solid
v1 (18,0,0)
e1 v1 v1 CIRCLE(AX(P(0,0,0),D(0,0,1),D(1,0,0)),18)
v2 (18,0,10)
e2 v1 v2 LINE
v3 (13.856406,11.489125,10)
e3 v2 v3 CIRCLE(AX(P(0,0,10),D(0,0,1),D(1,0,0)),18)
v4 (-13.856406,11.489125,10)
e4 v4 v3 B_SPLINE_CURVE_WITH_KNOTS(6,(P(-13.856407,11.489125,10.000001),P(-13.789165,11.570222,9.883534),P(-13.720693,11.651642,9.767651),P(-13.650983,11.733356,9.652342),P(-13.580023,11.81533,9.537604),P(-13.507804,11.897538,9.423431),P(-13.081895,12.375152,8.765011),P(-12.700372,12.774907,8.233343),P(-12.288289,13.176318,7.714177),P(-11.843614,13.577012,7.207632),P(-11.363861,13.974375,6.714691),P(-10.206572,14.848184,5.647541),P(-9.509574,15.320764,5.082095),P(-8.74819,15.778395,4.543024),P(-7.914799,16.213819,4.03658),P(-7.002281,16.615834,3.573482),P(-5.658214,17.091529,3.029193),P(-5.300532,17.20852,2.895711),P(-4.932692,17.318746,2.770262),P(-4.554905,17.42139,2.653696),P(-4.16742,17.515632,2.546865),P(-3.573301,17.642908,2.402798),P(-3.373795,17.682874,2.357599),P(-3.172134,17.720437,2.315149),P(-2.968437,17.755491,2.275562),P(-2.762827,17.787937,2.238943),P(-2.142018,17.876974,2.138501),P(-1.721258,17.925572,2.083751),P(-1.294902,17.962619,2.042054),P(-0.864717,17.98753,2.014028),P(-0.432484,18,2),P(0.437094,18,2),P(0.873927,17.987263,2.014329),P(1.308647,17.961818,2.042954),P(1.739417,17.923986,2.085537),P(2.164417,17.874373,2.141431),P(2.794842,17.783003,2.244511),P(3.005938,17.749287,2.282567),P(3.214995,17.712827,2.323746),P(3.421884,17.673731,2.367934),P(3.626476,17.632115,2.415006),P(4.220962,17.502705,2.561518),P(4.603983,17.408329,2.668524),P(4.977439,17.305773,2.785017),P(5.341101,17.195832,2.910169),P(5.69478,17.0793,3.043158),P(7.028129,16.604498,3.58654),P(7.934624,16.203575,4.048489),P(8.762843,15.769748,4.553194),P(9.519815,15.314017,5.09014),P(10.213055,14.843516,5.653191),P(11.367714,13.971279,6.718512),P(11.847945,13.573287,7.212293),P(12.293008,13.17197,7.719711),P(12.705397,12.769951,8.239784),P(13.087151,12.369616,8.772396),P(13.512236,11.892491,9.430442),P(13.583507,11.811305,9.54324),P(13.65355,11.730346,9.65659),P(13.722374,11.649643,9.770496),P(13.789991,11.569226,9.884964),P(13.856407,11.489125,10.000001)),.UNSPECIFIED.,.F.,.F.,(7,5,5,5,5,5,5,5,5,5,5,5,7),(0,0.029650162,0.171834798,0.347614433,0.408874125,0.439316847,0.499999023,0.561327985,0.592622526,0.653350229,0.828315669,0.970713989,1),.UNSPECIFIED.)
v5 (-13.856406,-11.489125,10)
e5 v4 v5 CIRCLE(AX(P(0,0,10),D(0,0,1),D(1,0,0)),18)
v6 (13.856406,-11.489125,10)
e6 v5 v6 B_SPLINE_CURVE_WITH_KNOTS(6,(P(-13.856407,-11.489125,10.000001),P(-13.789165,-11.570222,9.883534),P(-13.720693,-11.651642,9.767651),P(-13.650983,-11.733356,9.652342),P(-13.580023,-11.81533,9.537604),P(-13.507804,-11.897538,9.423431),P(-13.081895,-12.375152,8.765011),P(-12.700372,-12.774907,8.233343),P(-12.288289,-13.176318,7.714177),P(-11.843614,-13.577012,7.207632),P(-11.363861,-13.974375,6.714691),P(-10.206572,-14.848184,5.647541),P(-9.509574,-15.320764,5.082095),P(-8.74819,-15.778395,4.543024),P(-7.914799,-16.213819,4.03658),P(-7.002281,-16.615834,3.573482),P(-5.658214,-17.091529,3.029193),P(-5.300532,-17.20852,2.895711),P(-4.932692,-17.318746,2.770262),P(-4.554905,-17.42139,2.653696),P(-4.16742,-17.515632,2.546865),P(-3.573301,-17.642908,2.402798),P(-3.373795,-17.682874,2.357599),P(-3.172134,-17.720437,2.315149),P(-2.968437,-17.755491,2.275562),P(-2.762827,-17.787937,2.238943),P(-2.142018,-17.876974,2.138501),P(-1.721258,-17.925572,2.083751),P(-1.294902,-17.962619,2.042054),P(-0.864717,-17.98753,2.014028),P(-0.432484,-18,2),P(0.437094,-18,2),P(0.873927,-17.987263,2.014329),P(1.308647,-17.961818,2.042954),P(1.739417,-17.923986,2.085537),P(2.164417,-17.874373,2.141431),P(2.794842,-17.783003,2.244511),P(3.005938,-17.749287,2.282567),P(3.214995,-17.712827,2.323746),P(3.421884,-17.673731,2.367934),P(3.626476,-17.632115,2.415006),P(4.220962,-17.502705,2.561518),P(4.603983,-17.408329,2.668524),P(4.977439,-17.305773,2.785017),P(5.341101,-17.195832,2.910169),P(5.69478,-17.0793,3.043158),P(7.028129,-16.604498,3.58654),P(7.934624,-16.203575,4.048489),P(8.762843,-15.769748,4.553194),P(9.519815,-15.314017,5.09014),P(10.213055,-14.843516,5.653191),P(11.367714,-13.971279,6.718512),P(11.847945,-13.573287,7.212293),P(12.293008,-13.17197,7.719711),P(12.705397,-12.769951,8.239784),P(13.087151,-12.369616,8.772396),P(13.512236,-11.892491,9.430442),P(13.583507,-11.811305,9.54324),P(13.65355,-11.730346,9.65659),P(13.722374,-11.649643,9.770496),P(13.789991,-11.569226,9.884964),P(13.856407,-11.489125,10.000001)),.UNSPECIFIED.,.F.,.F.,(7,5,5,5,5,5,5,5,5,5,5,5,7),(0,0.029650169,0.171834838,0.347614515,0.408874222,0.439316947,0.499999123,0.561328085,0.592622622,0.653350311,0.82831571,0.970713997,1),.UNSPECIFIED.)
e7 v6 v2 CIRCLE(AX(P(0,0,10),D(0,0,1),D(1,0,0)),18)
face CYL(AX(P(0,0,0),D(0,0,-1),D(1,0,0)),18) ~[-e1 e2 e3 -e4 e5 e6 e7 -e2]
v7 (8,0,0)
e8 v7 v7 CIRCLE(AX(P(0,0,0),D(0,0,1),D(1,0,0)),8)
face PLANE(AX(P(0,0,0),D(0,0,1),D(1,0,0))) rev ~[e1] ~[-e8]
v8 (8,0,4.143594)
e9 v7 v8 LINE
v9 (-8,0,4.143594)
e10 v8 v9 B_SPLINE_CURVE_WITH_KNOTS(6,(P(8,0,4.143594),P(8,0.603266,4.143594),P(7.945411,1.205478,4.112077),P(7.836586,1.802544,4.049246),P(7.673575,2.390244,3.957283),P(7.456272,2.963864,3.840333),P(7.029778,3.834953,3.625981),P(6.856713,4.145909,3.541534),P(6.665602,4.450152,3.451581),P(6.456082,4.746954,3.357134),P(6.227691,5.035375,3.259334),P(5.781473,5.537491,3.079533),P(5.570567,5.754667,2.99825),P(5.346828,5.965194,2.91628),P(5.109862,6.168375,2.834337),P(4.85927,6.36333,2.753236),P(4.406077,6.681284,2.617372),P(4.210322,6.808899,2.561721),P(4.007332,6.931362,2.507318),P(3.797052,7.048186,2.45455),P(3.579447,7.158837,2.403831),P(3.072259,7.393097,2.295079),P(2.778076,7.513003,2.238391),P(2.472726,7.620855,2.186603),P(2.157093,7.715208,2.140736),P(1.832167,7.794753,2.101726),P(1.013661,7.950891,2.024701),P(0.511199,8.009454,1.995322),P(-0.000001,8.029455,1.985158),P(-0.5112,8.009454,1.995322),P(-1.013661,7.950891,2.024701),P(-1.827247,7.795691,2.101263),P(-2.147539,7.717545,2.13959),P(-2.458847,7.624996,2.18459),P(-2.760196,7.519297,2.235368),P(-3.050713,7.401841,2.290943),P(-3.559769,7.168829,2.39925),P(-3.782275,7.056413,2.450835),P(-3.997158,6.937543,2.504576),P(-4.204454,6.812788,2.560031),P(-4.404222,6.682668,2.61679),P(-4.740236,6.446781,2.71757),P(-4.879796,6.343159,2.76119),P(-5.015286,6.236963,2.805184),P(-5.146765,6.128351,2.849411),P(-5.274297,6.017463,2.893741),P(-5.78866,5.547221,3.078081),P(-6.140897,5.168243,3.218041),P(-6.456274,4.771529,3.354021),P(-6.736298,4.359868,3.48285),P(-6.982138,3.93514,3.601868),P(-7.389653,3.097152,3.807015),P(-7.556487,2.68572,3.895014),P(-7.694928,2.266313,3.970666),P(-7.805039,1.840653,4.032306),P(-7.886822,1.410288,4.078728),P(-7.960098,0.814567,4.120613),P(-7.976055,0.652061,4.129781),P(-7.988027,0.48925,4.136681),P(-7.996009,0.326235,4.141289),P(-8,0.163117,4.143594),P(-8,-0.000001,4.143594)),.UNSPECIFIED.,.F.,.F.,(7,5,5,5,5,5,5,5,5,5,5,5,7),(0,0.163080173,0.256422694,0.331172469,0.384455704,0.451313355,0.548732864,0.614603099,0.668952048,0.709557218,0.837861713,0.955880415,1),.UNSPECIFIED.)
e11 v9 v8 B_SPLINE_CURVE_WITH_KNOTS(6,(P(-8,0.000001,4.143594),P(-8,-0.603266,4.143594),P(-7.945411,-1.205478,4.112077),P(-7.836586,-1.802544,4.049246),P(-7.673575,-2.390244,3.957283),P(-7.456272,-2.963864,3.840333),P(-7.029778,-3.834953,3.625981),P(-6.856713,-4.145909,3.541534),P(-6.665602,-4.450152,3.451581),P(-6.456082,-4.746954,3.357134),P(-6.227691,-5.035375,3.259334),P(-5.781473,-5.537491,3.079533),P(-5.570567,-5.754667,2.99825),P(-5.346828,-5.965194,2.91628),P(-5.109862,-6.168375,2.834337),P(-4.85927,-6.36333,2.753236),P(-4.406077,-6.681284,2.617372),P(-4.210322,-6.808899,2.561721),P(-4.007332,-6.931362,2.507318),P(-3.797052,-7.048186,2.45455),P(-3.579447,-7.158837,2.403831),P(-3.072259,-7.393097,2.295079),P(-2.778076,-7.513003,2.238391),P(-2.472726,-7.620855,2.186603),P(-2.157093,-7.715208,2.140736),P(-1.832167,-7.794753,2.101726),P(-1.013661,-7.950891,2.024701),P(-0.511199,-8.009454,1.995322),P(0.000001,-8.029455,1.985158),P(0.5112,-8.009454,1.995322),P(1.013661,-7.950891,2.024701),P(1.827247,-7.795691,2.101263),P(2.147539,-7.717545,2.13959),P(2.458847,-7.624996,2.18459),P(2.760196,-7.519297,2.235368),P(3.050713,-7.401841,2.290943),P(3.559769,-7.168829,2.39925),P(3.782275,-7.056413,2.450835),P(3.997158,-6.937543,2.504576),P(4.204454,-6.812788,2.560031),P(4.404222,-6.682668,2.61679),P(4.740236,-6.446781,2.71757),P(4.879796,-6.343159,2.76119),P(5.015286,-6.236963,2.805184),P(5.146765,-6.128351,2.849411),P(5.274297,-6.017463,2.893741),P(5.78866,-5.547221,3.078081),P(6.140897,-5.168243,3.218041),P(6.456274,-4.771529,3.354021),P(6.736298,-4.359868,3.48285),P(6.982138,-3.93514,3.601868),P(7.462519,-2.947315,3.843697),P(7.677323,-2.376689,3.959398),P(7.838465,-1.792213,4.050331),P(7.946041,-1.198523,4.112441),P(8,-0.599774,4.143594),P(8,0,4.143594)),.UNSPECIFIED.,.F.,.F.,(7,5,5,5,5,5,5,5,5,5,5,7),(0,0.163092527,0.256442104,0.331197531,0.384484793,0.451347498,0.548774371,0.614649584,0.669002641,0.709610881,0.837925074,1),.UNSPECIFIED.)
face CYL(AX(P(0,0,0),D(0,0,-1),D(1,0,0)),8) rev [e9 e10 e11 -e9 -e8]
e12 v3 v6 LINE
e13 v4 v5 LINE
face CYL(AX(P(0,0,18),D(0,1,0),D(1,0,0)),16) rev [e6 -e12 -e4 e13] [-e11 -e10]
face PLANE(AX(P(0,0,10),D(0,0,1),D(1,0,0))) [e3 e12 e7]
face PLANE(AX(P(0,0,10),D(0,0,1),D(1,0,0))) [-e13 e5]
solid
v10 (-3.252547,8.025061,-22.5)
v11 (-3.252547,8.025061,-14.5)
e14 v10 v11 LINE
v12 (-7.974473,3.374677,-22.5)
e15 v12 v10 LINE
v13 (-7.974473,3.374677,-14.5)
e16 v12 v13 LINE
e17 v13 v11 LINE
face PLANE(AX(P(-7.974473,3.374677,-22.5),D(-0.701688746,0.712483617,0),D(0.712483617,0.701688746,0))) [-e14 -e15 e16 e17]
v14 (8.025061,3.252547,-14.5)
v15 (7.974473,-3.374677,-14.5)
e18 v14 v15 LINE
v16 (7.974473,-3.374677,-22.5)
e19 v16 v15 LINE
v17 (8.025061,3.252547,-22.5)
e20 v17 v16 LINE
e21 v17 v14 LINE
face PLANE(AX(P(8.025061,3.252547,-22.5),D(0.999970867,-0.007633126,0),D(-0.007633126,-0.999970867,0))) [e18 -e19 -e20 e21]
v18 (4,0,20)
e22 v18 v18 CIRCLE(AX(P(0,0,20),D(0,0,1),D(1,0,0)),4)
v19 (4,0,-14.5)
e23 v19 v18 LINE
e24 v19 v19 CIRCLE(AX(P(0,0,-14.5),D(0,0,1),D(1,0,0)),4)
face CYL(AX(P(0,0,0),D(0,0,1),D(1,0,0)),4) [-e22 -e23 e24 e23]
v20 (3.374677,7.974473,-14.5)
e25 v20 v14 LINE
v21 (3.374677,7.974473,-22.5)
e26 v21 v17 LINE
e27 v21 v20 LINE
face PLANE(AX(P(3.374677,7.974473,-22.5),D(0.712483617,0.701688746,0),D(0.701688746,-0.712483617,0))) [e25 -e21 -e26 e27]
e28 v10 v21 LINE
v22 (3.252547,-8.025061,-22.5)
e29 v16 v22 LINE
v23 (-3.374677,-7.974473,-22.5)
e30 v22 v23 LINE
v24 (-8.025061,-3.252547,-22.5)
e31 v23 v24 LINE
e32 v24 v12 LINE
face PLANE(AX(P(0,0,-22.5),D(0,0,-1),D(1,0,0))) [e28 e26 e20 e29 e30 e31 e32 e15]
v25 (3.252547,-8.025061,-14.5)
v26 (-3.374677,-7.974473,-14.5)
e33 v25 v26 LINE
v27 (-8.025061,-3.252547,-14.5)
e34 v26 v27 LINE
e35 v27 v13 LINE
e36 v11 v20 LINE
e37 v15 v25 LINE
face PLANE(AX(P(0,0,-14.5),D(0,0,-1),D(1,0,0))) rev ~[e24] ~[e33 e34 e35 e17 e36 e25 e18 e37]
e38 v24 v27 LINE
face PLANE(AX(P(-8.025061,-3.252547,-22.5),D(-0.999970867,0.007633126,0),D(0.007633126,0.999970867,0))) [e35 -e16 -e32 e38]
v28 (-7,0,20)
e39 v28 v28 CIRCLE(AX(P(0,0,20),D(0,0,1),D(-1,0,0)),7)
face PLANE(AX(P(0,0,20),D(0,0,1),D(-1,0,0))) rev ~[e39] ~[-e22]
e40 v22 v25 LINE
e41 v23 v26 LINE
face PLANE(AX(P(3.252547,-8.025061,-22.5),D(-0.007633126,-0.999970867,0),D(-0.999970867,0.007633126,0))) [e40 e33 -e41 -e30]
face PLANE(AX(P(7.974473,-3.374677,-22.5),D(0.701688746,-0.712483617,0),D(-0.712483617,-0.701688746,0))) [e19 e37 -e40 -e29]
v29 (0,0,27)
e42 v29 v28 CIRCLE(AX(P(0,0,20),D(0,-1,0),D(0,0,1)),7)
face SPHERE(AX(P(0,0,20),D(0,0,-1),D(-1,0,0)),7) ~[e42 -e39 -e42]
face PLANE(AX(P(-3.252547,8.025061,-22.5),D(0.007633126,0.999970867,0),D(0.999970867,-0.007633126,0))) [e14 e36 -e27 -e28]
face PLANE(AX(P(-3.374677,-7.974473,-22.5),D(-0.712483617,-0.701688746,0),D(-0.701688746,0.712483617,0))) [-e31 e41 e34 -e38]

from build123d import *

# Parameters (mm, degrees)
F0_R          = 18
F0_R_2        = 8
F1_DEPTH      = 10
F2_R          = 16
F3_DEPTH      = 25
F3_DEPTH_BACK = 25
F4_R          = 4
F6_DEPTH      = 22.5
F9_DEPTH      = 8


with BuildPart() as f1:
    # F0 (on Top) → F1 (new body)
    with BuildSketch(Plane.XY):
        Circle(F0_R)
        Circle(F0_R_2, mode=Mode.SUBTRACT)
    extrude(amount=F1_DEPTH)

    # F2 (on Front) → F3 (cut, two sides)
    with BuildSketch(Plane.XZ) as f3_sk:
        with Locations((0, 18)):
            Circle(F2_R)
    extrude(amount=-F3_DEPTH, mode=Mode.SUBTRACT)
    extrude(f3_sk.sketch, amount=F3_DEPTH_BACK, mode=Mode.SUBTRACT)


with BuildPart() as f6:
    # F4 (on Top) → F6 (new body, symmetric)
    with BuildSketch(Plane.XY):
        Circle(F4_R)
    extrude(amount=F6_DEPTH, both=True)

    # F5 (on Front) → F7 (revolve)
    with BuildSketch(Plane.XZ):
        with BuildLine():
            Line((-7, 20), (0, 20))
            Line((0, 20), (0, 27))
            ThreePointArc((0, 27), (-4.9497474683, 24.9497474683), (-7, 20))
        make_face()
    revolve(axis=Axis((0, 0, 32.4448695779), (0, 0, 1)))

    # F8 (on face) → F9 (join)
    with BuildSketch(Plane(origin=(0, 0, -22.5), x_dir=(1, 0, 0), z_dir=(0, 0, -1))):
        Polygon((7.9744729822, 3.3746769732), (3.25254695, 8.0250608941), (-3.3746769732, 7.9744729822), (-8.0250608941, 3.25254695), (-7.9744729822, -3.3746769732), (-3.25254695, -8.0250608941), (3.3746769732, -7.9744729822), (8.0250608941, -3.25254695), align=None)
    extrude(amount=-F9_DEPTH)


solid = Compound([f1.part, f6.part])
